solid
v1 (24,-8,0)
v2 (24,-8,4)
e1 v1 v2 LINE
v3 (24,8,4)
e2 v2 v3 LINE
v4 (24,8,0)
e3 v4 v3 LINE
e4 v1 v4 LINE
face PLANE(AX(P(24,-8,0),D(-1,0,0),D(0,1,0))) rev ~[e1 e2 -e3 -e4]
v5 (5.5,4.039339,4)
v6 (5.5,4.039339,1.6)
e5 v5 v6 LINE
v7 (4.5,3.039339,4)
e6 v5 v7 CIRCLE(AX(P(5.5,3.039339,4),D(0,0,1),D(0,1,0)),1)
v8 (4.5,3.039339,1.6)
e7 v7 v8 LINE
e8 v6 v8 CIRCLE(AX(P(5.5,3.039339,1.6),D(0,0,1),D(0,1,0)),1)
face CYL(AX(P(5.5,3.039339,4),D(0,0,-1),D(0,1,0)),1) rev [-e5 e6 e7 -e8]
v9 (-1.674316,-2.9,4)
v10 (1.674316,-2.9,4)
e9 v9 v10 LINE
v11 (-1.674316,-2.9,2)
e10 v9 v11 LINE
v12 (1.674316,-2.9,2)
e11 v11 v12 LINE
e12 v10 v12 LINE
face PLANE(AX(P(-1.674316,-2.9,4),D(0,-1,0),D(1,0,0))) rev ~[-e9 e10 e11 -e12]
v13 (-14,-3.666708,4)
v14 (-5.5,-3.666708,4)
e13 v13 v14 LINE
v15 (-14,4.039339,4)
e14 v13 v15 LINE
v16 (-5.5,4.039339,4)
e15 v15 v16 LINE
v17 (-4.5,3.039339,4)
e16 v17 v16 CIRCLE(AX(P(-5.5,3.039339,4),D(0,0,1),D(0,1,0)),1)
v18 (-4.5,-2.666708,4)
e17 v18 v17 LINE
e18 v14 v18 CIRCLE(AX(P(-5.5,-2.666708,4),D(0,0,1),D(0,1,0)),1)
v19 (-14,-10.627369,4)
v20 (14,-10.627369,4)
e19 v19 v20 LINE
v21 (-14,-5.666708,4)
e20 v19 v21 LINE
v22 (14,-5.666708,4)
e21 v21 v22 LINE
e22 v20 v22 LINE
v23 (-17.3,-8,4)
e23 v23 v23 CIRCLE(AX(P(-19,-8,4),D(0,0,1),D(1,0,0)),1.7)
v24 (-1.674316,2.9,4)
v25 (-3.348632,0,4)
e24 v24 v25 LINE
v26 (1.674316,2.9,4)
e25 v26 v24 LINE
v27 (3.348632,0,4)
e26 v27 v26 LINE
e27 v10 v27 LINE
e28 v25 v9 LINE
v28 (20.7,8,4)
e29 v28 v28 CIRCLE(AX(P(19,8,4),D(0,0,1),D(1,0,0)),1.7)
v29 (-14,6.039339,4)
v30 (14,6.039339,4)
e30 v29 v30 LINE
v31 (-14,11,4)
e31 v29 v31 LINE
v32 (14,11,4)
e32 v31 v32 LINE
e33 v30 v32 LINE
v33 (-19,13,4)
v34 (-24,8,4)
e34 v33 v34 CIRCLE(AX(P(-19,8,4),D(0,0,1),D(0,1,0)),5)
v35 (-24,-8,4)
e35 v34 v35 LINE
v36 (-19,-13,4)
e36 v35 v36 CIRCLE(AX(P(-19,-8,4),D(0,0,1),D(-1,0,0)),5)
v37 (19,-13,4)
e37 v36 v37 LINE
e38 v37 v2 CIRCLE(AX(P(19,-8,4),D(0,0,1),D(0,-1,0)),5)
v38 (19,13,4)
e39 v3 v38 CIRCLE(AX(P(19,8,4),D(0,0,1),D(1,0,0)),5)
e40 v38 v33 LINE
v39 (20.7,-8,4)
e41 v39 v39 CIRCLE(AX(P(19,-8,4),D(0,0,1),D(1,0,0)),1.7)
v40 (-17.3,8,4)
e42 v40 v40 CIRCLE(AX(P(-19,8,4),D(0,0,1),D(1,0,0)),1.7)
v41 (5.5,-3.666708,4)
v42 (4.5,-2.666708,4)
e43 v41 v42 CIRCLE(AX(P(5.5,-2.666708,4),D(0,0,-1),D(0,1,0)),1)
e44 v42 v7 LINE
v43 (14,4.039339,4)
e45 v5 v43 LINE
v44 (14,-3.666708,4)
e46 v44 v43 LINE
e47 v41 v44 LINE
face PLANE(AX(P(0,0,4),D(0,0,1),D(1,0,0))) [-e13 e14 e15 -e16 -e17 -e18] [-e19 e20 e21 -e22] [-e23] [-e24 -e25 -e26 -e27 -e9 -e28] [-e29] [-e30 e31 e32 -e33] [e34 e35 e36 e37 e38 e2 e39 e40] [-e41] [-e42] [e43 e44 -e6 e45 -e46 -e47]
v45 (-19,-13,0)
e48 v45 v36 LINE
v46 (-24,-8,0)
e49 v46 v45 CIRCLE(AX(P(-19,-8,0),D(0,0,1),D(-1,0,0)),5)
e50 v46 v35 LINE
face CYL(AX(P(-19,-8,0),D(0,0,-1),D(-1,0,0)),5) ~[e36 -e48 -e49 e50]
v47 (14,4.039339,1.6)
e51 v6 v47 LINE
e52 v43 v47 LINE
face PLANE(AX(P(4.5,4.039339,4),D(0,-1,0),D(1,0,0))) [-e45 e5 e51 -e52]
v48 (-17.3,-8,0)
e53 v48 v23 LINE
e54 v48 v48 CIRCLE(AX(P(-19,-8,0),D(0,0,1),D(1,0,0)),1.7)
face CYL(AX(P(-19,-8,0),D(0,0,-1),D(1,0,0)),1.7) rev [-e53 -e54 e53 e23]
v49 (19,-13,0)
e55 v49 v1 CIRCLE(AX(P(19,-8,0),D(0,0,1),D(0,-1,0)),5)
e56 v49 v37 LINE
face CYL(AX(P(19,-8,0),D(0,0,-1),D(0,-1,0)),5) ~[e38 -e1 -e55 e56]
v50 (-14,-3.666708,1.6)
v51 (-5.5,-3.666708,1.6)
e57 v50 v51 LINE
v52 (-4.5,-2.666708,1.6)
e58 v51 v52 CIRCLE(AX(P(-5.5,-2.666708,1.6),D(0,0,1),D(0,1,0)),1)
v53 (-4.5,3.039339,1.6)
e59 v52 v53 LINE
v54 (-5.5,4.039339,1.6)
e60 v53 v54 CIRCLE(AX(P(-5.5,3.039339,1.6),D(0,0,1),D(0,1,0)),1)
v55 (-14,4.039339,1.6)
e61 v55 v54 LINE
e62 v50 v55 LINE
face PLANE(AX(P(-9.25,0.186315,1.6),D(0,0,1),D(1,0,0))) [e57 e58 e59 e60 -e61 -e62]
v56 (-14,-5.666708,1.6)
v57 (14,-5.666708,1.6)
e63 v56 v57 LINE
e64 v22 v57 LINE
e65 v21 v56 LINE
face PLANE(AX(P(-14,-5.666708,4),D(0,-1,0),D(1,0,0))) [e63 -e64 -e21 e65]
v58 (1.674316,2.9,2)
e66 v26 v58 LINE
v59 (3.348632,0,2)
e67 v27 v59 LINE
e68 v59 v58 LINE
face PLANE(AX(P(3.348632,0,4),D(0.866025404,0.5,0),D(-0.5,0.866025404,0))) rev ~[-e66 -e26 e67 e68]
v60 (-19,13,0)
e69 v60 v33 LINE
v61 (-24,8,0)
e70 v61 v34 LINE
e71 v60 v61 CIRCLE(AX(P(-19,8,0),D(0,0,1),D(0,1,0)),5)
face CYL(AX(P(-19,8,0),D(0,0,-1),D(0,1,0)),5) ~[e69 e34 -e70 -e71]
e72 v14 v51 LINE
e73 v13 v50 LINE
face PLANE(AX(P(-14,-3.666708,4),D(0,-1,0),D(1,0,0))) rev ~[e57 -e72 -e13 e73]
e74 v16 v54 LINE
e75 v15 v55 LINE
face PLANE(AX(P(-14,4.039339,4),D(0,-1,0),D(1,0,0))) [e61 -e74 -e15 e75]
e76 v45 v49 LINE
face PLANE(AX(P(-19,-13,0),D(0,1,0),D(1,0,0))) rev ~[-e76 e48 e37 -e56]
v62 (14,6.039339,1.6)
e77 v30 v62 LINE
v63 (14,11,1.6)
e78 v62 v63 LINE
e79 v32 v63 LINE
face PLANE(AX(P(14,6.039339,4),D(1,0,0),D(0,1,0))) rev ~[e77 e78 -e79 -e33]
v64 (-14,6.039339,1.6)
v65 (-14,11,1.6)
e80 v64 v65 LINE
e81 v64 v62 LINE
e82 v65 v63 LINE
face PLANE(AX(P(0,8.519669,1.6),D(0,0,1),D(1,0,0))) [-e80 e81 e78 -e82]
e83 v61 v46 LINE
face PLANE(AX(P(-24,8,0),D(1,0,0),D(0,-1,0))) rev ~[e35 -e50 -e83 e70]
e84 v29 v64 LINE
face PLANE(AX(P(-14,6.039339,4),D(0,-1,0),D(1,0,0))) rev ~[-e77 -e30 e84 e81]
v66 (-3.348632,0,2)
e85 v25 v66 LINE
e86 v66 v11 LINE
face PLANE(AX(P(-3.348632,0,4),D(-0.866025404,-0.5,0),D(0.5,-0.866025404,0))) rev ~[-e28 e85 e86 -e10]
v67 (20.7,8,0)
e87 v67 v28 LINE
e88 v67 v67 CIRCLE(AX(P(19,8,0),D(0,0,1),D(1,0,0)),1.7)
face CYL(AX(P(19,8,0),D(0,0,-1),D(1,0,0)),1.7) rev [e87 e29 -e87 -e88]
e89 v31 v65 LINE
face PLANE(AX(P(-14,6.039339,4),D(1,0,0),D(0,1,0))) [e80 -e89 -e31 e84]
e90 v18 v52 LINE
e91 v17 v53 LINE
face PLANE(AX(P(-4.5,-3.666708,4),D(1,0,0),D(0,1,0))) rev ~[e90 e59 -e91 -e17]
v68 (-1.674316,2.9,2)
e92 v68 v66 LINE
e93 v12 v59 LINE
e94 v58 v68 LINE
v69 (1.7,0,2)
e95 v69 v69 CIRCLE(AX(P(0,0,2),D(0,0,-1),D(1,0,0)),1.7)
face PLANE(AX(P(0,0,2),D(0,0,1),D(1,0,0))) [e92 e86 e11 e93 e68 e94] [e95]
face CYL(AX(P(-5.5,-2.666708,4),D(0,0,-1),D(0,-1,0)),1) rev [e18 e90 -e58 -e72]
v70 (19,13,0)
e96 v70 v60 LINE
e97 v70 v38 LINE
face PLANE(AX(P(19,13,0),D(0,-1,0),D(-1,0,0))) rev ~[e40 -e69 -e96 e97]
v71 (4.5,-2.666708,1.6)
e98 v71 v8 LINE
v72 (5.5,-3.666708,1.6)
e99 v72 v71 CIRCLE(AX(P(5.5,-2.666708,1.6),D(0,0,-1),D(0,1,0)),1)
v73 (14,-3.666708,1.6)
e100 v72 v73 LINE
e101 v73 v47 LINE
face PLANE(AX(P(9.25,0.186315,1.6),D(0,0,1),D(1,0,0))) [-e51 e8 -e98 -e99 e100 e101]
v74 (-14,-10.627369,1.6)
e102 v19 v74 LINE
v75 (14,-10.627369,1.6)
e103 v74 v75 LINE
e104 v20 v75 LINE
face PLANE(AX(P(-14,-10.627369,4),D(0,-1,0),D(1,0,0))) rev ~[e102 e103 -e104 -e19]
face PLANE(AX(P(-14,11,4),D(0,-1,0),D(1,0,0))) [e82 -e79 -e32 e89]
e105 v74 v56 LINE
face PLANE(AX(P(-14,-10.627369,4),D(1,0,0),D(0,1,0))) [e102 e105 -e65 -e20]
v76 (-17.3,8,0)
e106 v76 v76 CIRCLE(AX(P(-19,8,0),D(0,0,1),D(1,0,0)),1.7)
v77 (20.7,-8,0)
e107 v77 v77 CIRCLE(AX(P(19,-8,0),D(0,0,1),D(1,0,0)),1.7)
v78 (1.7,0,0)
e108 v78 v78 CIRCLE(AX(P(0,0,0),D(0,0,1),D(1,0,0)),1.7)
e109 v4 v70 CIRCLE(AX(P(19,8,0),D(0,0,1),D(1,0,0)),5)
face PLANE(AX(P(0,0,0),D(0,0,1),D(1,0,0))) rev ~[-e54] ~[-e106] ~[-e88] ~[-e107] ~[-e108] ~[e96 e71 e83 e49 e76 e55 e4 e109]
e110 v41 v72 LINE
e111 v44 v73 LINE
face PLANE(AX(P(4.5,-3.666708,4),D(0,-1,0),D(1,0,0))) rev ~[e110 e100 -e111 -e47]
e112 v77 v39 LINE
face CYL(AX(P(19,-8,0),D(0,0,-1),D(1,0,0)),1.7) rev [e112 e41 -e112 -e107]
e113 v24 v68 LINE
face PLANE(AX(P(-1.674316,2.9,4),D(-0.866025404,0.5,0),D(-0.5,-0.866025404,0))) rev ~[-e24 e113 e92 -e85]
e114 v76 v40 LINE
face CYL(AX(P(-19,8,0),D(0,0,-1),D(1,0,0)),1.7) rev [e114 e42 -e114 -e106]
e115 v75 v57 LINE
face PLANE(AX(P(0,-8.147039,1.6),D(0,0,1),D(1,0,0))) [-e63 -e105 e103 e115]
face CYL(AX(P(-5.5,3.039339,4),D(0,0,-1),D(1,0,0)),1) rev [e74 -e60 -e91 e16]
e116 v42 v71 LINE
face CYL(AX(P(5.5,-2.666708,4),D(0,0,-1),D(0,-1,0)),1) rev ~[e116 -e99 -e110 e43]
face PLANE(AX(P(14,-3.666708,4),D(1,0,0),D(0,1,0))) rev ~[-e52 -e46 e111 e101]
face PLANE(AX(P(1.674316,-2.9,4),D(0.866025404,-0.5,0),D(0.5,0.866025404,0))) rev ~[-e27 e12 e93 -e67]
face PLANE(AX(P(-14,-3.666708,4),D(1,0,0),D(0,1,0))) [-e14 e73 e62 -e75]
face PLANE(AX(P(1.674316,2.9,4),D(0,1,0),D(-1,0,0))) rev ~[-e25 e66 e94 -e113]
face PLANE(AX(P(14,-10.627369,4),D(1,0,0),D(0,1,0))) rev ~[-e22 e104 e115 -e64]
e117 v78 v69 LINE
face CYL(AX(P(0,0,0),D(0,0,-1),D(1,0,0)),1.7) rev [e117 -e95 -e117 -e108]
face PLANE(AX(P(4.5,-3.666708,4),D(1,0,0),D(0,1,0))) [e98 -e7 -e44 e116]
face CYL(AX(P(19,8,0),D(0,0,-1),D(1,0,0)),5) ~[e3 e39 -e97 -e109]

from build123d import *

# Parameters (mm, degrees)
SKETCH1_R           = 1.7
BOSS_EXTRUDE1_DEPTH = 4
CUT_EXTRUDE1_DEPTH  = 2
SKETCH3_W           = 28
SKETCH3_H           = 4.960661027
SKETCH3_W_2         = 9.5
SKETCH3_H_2         = 7.70604726
SKETCH3_H_3         = 4.960661028
CUT_EXTRUDE2_DEPTH  = 2.4
FILLET1_R           = 1


with BuildPart() as part:
    # Sketch1 → Boss-Extrude1 (new body)
    with BuildSketch(Plane.XY):
        with BuildLine():
            Line((-19, -13), (19, -13))
            ThreePointArc((19, -13), (22.535533906, -11.535533906), (24, -8))
            Line((24, -8), (24, 8))
            ThreePointArc((24, 8), (22.535533906, 11.535533906), (19, 13))
            Line((19, 13), (-19, 13))
            ThreePointArc((-19, 13), (-22.535533906, 11.535533906), (-24, 8))
            Line((-24, 8), (-24, -8))
            ThreePointArc((-24, -8), (-22.535533906, -11.535533906), (-19, -13))
        make_face()
        Circle(SKETCH1_R, mode=Mode.SUBTRACT)
        with Locations((19, 8)):
            Circle(SKETCH1_R, mode=Mode.SUBTRACT)
        with Locations((19, -8)):
            Circle(SKETCH1_R, mode=Mode.SUBTRACT)
        with Locations((-19, -8)):
            Circle(SKETCH1_R, mode=Mode.SUBTRACT)
        with Locations((-19, 8)):
            Circle(SKETCH1_R, mode=Mode.SUBTRACT)
    extrude(amount=BOSS_EXTRUDE1_DEPTH)

    # Sketch2 → Cut-Extrude1 (cut)
    with BuildSketch(Plane.XY.offset(4)):
        Polygon((3.348631561, 0), (1.674315781, 2.9), (-1.674315781, 2.9), (-3.348631561, 0), (-1.674315781, -2.9), (1.674315781, -2.9), align=None)
    extrude(amount=-CUT_EXTRUDE1_DEPTH, mode=Mode.SUBTRACT)

    # Sketch3 → Cut-Extrude2 (cut)
    with BuildSketch(Plane.XY.offset(4)):
        with Locations((0, 8.519669486)):
            Rectangle(SKETCH3_W, SKETCH3_H)
        with Locations((-9.25, 0.186315343)):
            Rectangle(SKETCH3_W_2, SKETCH3_H_2)
        with Locations((9.25, 0.186315343)):
            Rectangle(SKETCH3_W_2, SKETCH3_H_2)
        with Locations((0, -8.147038801)):
            Rectangle(SKETCH3_W, SKETCH3_H_3)
    extrude(amount=-CUT_EXTRUDE2_DEPTH, mode=Mode.SUBTRACT)

    # Fillet1
    fillet1_edges = [part.edges().sort_by_distance(p)[0] for p in [
        (-4.5, 4.039338973, 2.8),
        (-4.5, -3.666708287, 2.8),
        (4.5, -3.666708287, 2.8),
        (4.5, 4.039338973, 2.8),
    ]]
    fillet(fillet1_edges, radius=FILLET1_R)


solid = part.part
